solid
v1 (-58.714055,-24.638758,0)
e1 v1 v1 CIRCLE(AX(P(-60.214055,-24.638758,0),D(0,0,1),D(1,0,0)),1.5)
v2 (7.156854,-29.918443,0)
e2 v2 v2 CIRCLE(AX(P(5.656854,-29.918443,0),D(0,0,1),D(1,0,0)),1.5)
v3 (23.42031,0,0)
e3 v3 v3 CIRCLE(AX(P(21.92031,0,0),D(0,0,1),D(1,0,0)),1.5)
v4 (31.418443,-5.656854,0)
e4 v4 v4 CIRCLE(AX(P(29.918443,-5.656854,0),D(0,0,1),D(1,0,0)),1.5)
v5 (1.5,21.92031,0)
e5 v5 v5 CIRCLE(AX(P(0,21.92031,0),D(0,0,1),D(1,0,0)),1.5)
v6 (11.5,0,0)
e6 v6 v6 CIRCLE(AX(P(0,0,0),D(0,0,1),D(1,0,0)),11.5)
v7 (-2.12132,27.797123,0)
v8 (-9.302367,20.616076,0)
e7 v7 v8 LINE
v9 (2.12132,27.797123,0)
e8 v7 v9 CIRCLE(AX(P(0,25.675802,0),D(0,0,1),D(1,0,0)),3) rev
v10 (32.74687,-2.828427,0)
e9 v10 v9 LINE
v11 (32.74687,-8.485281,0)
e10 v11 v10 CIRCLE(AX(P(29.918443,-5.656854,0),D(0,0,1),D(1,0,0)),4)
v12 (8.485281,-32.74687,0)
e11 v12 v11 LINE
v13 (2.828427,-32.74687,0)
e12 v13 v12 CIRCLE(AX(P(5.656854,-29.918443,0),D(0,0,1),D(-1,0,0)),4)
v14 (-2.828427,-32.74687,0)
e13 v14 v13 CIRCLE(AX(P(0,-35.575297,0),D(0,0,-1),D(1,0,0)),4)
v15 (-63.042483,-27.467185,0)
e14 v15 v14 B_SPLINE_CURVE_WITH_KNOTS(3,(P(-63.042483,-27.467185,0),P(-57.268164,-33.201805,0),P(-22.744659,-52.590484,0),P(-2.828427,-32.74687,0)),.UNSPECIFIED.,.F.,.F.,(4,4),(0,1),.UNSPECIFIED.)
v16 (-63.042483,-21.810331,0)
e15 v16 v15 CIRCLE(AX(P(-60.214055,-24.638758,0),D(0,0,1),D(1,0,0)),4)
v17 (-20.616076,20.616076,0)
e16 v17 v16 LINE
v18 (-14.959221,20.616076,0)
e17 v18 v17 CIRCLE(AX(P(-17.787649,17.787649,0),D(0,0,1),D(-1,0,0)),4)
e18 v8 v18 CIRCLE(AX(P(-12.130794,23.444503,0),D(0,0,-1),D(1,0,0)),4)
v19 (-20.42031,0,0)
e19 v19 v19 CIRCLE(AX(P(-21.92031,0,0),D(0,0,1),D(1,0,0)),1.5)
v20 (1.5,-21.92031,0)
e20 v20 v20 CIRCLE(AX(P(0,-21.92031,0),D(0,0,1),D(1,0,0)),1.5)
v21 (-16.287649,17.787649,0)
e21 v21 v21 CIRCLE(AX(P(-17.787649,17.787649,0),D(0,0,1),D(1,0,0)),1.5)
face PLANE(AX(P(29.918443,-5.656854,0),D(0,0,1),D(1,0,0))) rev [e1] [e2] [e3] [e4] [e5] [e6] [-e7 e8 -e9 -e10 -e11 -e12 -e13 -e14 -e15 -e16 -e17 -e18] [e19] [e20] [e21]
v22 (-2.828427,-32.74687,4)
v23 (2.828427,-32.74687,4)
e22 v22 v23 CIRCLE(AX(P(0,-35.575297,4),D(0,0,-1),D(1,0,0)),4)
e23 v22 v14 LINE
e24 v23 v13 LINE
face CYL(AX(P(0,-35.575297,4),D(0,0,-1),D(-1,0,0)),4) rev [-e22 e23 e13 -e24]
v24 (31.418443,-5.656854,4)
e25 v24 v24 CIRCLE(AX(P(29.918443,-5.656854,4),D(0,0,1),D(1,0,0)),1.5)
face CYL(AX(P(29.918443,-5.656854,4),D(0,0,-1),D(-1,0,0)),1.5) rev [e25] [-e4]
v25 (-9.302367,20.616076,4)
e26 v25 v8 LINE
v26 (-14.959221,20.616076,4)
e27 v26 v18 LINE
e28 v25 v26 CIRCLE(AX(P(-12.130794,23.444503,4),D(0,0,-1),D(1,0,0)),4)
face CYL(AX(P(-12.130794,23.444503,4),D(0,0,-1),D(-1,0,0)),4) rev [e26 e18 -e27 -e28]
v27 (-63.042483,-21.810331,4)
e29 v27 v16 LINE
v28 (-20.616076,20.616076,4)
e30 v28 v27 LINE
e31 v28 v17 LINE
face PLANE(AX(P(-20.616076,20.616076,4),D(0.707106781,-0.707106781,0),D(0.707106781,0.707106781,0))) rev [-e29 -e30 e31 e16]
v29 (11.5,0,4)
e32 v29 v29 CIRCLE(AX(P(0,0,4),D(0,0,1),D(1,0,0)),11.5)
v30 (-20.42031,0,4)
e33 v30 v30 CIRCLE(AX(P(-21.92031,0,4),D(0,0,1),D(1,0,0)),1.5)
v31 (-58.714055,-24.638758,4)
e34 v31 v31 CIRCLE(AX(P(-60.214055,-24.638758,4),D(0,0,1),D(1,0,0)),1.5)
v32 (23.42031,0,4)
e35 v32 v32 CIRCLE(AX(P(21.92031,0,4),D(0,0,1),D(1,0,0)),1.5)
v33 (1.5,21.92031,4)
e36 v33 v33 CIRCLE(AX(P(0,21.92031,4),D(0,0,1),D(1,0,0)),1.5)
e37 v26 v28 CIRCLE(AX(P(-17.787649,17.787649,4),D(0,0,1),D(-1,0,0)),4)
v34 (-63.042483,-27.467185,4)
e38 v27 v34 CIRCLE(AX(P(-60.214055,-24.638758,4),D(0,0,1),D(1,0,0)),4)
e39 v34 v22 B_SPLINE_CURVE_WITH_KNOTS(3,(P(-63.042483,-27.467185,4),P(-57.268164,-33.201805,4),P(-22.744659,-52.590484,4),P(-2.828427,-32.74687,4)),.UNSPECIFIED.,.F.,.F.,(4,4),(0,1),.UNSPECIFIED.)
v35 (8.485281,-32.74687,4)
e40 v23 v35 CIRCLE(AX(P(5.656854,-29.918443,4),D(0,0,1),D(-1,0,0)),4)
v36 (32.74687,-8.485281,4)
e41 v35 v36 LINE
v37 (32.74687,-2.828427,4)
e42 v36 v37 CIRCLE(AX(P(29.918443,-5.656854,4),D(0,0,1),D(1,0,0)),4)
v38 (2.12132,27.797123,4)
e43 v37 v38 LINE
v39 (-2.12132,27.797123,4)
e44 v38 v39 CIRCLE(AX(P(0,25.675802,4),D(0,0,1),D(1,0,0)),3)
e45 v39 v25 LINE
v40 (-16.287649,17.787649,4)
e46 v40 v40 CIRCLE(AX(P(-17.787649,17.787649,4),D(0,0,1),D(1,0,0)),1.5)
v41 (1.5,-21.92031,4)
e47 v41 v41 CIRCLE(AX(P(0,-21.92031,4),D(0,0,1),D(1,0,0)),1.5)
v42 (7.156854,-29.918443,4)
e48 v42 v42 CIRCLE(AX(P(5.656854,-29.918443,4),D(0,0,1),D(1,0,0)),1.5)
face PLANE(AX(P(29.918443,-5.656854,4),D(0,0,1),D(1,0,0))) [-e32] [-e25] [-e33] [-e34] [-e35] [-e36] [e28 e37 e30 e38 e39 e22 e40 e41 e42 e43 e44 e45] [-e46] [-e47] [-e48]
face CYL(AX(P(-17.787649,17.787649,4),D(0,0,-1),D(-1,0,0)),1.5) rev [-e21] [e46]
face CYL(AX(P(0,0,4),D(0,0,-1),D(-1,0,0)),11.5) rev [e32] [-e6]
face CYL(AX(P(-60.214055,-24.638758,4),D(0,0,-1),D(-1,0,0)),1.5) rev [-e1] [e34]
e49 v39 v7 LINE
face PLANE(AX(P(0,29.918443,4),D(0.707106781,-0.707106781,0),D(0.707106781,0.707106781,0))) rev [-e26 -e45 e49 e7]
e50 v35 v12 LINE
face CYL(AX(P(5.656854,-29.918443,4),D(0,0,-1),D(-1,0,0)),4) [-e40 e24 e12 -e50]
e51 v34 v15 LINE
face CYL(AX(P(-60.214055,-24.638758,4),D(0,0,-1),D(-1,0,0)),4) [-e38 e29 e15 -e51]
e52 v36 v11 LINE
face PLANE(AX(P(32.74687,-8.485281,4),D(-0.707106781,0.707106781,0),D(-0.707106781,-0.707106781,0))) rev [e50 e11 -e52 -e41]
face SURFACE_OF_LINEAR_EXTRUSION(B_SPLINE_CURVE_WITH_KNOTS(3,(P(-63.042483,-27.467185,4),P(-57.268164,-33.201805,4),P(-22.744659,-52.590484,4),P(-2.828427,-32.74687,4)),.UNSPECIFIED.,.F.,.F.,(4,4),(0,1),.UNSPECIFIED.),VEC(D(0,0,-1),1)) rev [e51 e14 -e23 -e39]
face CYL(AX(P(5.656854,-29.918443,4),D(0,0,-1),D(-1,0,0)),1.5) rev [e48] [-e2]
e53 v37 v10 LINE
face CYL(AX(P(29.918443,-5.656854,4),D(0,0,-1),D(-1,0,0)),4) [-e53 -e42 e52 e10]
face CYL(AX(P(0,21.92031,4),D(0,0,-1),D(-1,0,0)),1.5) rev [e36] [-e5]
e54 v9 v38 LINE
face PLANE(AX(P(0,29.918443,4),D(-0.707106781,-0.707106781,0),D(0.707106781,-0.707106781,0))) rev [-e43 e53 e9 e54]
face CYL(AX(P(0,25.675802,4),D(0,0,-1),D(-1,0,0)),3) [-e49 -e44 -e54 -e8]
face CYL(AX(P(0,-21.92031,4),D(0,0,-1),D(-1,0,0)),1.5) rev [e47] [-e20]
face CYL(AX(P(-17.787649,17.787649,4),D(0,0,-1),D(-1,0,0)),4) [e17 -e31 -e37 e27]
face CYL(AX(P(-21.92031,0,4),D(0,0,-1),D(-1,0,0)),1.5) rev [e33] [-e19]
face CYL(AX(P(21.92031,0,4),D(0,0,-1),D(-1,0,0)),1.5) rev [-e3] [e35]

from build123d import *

# Parameters (mm, degrees)
SKETCH1_R           = 1.5
SKETCH1_R_2         = 11.5
BOSS_EXTRUDE1_DEPTH = 4
FILLET1_R           = 3


with BuildPart() as part:
    # Sketch1 → Boss-Extrude1 (new body)
    with BuildSketch(Plane.XY):
        with BuildLine():
            Line((-20.616075737, 20.616075737), (-63.042482608, -21.810331134))
            ThreePointArc((-63.042482608, -21.810331134), (-64.214055483, -24.638758259), (-63.042482608, -27.467185384))
            add(Edge.make_bspline(
                [(-2.828427125, -32.7468701), (-22.744659396, -52.590484488), (-57.268164388, -33.201805253), (-63.042482608, -27.467185384)],
                knots=[0, 0, 0, 0, 1, 1, 1, 1], degree=3))
            ThreePointArc((-2.828427125, -32.7468701), (0, -31.575297224), (2.828427125, -32.7468701))
            ThreePointArc((2.828427125, -32.7468701), (5.656854249, -33.918442975), (8.485281374, -32.7468701))
            Line((8.485281374, -32.7468701), (32.7468701, -8.485281374))
            ThreePointArc((32.7468701, -8.485281374), (33.918442975, -5.656854249), (32.7468701, -2.828427125))
            Line((32.7468701, -2.828427125), (0, 29.918442975))
            Line((0, 29.918442975), (-9.302367238, 20.616075737))
            ThreePointArc((-9.302367238, 20.616075737), (-12.130794363, 19.444502862), (-14.959221487, 20.616075737))
            ThreePointArc((-14.959221487, 20.616075737), (-17.787648612, 21.787648612), (-20.616075737, 20.616075737))
        make_face()
        with Locations((29.918442975, -5.656854249)):
            Circle(SKETCH1_R, mode=Mode.SUBTRACT)
        with Locations((-21.920310217, 0)):
            Circle(SKETCH1_R, mode=Mode.SUBTRACT)
        with Locations((0, 21.920310217)):
            Circle(SKETCH1_R, mode=Mode.SUBTRACT)
        with Locations((21.920310217, 0)):
            Circle(SKETCH1_R, mode=Mode.SUBTRACT)
        Circle(SKETCH1_R_2, mode=Mode.SUBTRACT)
        with Locations((0, -21.920310217)):
            Circle(SKETCH1_R, mode=Mode.SUBTRACT)
        with Locations((5.656854249, -29.918442975)):
            Circle(SKETCH1_R, mode=Mode.SUBTRACT)
        with Locations((-17.787648612, 17.787648612)):
            Circle(SKETCH1_R, mode=Mode.SUBTRACT)
        with Locations((-60.214055483, -24.638758259)):
            Circle(SKETCH1_R, mode=Mode.SUBTRACT)
    extrude(amount=BOSS_EXTRUDE1_DEPTH)

    # Fillet1
    fillet1_edges = [part.edges().sort_by_distance(p)[0] for p in [
        (0, 29.918442975, 2),
    ]]
    fillet(fillet1_edges, radius=FILLET1_R)


solid = part.part
